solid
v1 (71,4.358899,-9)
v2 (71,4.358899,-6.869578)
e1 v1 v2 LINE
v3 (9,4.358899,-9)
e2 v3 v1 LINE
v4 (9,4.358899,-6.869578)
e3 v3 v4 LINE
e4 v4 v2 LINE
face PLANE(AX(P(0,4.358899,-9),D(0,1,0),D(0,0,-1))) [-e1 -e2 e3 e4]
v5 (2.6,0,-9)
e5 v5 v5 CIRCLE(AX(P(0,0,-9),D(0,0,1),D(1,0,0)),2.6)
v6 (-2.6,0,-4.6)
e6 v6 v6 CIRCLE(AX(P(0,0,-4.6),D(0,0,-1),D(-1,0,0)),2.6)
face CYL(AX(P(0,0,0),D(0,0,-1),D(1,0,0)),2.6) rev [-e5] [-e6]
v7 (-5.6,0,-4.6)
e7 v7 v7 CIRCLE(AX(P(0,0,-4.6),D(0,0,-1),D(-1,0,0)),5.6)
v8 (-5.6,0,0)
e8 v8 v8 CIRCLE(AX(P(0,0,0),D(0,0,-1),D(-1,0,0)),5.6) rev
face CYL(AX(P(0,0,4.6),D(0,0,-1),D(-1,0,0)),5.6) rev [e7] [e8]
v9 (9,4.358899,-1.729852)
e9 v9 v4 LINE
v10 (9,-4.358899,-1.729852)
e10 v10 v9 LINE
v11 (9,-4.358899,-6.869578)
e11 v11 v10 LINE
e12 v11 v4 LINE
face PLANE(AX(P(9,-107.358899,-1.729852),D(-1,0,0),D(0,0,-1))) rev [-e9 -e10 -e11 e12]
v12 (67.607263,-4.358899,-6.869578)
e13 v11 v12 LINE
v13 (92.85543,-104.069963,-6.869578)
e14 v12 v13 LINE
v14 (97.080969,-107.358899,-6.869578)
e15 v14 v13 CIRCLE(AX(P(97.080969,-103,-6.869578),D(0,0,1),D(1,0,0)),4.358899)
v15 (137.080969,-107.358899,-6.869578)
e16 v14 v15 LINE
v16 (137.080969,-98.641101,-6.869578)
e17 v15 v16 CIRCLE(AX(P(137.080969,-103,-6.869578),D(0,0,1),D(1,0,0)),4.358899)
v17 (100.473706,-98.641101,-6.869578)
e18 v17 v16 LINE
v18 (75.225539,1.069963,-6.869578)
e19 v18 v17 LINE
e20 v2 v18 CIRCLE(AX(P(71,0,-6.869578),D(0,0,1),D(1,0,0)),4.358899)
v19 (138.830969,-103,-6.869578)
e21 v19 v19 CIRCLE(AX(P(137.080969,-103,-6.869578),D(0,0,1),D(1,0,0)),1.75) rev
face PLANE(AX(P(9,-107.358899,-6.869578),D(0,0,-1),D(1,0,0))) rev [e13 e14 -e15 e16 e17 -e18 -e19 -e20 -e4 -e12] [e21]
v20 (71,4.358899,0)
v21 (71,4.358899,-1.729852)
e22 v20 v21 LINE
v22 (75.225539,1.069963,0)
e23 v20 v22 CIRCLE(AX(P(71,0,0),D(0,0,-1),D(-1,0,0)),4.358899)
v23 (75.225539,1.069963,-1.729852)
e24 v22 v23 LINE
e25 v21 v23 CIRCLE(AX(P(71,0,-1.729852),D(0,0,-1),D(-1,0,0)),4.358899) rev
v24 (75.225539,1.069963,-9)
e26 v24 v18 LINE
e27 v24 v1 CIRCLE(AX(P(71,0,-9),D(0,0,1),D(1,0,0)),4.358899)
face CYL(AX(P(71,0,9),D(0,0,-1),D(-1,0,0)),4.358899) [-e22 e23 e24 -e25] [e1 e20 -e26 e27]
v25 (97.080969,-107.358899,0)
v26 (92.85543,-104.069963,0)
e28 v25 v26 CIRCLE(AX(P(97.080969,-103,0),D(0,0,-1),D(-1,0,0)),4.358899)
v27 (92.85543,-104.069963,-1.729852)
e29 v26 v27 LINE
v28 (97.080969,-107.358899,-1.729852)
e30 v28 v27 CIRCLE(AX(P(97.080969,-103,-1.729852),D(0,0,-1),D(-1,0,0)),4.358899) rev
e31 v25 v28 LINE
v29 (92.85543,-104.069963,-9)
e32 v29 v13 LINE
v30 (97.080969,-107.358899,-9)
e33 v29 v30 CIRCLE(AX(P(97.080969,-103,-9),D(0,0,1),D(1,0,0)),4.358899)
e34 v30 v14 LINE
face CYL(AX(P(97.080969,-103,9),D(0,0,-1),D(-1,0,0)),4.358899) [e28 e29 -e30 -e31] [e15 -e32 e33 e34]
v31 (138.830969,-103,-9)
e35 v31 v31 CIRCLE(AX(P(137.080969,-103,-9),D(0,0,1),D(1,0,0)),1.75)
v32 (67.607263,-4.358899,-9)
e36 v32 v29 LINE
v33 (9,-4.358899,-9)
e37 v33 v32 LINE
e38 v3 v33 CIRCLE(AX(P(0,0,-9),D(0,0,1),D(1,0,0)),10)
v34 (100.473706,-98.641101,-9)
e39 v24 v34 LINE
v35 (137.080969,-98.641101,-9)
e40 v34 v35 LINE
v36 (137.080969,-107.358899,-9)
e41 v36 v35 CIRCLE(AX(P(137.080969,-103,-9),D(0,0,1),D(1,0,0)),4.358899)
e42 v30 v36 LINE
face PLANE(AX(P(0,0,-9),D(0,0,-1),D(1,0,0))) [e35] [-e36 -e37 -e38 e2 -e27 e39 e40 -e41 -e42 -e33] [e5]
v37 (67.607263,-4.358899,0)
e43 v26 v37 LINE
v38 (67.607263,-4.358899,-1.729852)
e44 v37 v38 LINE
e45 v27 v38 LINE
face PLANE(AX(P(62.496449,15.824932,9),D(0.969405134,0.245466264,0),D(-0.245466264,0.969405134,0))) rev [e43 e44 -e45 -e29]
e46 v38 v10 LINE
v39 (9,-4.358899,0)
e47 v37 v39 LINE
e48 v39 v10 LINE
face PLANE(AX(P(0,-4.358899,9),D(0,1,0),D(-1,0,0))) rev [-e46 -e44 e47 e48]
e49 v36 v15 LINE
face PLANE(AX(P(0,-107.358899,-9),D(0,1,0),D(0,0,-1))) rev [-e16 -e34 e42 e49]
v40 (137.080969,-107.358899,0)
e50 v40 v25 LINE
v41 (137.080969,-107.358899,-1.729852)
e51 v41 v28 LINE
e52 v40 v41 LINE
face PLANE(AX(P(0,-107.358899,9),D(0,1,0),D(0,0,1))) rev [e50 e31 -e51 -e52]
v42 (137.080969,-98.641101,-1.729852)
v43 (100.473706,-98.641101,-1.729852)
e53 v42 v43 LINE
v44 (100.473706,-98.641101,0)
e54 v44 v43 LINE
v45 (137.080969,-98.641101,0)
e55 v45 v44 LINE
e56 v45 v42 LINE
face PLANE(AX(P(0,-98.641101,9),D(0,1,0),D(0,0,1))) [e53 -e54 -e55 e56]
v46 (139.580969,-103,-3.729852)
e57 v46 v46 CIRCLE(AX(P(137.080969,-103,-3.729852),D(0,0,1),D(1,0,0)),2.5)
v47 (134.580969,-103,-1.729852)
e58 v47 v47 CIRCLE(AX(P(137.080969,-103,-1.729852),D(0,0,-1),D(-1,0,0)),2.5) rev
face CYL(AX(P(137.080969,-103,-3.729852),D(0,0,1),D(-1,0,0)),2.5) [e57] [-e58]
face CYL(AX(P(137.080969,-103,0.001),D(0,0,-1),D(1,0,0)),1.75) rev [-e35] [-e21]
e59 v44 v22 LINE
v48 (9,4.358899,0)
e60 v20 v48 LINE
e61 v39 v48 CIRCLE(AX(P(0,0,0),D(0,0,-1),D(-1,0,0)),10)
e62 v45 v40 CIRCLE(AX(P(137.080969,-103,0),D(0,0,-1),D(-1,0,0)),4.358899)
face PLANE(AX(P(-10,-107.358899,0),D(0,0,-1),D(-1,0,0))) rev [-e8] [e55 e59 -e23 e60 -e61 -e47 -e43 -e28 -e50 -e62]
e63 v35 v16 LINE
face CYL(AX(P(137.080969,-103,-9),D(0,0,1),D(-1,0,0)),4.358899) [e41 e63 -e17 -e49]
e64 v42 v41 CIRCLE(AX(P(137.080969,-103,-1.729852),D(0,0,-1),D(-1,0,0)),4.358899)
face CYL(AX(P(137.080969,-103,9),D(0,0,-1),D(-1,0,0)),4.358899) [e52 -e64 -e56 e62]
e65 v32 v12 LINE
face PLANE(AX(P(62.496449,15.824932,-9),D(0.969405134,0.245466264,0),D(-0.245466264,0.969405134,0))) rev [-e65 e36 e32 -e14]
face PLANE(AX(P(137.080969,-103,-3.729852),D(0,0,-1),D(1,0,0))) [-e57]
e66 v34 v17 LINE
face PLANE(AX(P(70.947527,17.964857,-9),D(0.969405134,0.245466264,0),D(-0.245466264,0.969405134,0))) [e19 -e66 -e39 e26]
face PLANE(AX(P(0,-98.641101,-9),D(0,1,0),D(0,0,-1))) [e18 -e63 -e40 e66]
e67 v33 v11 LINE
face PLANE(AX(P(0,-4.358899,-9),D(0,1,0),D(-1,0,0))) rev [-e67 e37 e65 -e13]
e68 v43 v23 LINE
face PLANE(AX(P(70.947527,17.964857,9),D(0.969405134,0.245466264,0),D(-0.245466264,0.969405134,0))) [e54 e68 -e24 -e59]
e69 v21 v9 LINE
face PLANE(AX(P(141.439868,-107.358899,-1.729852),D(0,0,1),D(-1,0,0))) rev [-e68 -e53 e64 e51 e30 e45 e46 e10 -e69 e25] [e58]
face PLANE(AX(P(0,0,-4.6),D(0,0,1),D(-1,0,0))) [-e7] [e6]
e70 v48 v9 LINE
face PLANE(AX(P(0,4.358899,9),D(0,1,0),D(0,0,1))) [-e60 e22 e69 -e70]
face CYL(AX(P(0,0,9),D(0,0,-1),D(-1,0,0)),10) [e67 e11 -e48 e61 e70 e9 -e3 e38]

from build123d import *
from build123d.topology import SkipClean

# Parameters (mm, degrees)
EXTRUDE_1_DEPTH          = 9
SKETCH_2_R               = 5.6
CUT_EXTRUDE_1_DEPTH      = 4.6
SKETCH_3_R               = 2.6
CUT_EXTRUDE_2_DEPTH      = 178.798114195
SKETCH_5_W               = 132.43986789
SKETCH_5_H               = 5.139725872
CUT_EXTRUDE_3_DEPTH      = 181.463576917
EXTRUDE_START            = -7.270147681
SKETCH_6_R               = 4.358898944
EXTRUDE_2_DEPTH          = 7.270147681
SKETCH_7_R               = 4.358898944
EXTRUDE_3_DEPTH          = 7.270147681
SKETCH_8_R               = 2.5
EXTRUDE_4_DEPTH          = 2
CUT_EXTRUDE_4_REACH      = 179.798
SKETCH_9_R               = 1.75
CUT_EXTRUDE_5_DEPTH      = 181.463576917
CUT_EXTRUDE_5_DEPTH_BACK = 181.463576917
SKETCH_12_W              = 151.43986789
SKETCH_12_H              = 9


with BuildPart() as part:
    # 草图1 → 凸台-拉伸1 (new body)
    with BuildSketch(Plane.XY):
        with BuildLine():
            Line((97.080968947, -107.358898944), (137.080968947, -107.358898944))
            ThreePointArc((137.080968947, -107.358898944), (141.43986789, -103), (137.080968947, -98.641101056))
            Line((137.080968947, -98.641101056), (100.473705575, -98.641101056))
            Line((100.473705575, -98.641101056), (75.225539013, 1.069962639))
            ThreePointArc((75.225539013, 1.069962639), (73.67732525, 3.439757187), (71, 4.358898944))
            Line((71, 4.358898944), (9, 4.358898944))
            ThreePointArc((9, 4.358898944), (-10, 0), (9, -4.358898944))
            Line((9, -4.358898944), (67.607263372, -4.358898944))
            Line((67.607263372, -4.358898944), (92.855429934, -104.069962639))
            ThreePointArc((92.855429934, -104.069962639), (94.403643697, -106.439757187), (97.080968947, -107.358898944))
        make_face()
    extrude(amount=EXTRUDE_1_DEPTH)

    # 草图2 → 切除-拉伸1 (cut)
    with BuildSketch(Plane(origin=(0, 0, 0), x_dir=(-1, 0, 0), z_dir=(0, 0, -1))):
        Circle(SKETCH_2_R)
    extrude(amount=-CUT_EXTRUDE_1_DEPTH, mode=Mode.SUBTRACT)

    # 草图3 → 切除-拉伸2 (cut, through all)
    with BuildSketch(Plane.XY.offset(9)):
        Circle(SKETCH_3_R)
    extrude(amount=-CUT_EXTRUDE_2_DEPTH, mode=Mode.SUBTRACT)

    # 草图5 → 切除-拉伸3 (cut, through all)
    with BuildSketch(Plane(origin=(0, 4.358898944, 0), x_dir=(1, 0, 0), z_dir=(0, 1, 0))):
        with Locations((75.219933945, -4.299715255)):
            Rectangle(SKETCH_5_W, SKETCH_5_H)
    extrude(amount=-CUT_EXTRUDE_3_DEPTH, mode=Mode.SUBTRACT)

    # 草图6 → 凸台-拉伸2 (add)
    with SkipClean():  # the faces are left unmerged after this step: merging them gives an invalid solid
        with BuildSketch(Plane.XY.offset(9).offset(EXTRUDE_START)):
            with Locations(Location((71, 0, 0), (0, 0, 90))):
                Circle(SKETCH_6_R)
        extrude(amount=EXTRUDE_2_DEPTH)

    # 草图7 → 凸台-拉伸3 (add)
    with SkipClean():  # the faces are left unmerged after this step: merging them gives an invalid solid
        with BuildSketch(Plane.XY.offset(9).offset(EXTRUDE_START)):
            with Locations(Location((97.080968947, -103, 0), (0, 0, 194.209390146))):
                Circle(SKETCH_7_R)
        extrude(amount=EXTRUDE_3_DEPTH)

    # 草图8 → 凸台-拉伸4 (add)
    with SkipClean():  # the faces are left unmerged after this step: merging them gives an invalid solid
        with BuildSketch(Plane.XY.offset(1.729852319)):
            with Locations(Location((137.080968947, -103, 0), (0, 0, 180))):
                Circle(SKETCH_8_R)
        extrude(amount=EXTRUDE_4_DEPTH)

    # 草图9 → 切除-拉伸4 (cut, up to next)
    with BuildSketch(Plane.XY.offset(9), mode=Mode.PRIVATE) as cut_extrude_4_sk1:
        with Locations((137.080968947, -103)):
            Circle(SKETCH_9_R)
    cut_extrude_4_tool1 = extrude(cut_extrude_4_sk1.sketch, amount=-CUT_EXTRUDE_4_REACH, mode=Mode.PRIVATE) & part.part
    add(cut_extrude_4_tool1.solids().sort_by_distance((137.080969, -103, 9))[0], mode=Mode.SUBTRACT)

    # 镜向8: part across plane


with BuildPart() as part_1:
    add(part.part)
    add(part.part.mirror(Plane.XY))

    # 草图12 → 切除-拉伸5 (cut, two sides: drawn at the far end of the back side and taken through both)
    with BuildSketch(Plane(origin=(0, 4.358898944, 0), x_dir=(1, 0, 0), z_dir=(0, 1, 0)).offset(-CUT_EXTRUDE_5_DEPTH_BACK)):
        with Locations((65.719933945, -4.5)):
            Rectangle(SKETCH_12_W, SKETCH_12_H)
    extrude(amount=CUT_EXTRUDE_5_DEPTH + CUT_EXTRUDE_5_DEPTH_BACK, mode=Mode.SUBTRACT)


solid = part_1.part
